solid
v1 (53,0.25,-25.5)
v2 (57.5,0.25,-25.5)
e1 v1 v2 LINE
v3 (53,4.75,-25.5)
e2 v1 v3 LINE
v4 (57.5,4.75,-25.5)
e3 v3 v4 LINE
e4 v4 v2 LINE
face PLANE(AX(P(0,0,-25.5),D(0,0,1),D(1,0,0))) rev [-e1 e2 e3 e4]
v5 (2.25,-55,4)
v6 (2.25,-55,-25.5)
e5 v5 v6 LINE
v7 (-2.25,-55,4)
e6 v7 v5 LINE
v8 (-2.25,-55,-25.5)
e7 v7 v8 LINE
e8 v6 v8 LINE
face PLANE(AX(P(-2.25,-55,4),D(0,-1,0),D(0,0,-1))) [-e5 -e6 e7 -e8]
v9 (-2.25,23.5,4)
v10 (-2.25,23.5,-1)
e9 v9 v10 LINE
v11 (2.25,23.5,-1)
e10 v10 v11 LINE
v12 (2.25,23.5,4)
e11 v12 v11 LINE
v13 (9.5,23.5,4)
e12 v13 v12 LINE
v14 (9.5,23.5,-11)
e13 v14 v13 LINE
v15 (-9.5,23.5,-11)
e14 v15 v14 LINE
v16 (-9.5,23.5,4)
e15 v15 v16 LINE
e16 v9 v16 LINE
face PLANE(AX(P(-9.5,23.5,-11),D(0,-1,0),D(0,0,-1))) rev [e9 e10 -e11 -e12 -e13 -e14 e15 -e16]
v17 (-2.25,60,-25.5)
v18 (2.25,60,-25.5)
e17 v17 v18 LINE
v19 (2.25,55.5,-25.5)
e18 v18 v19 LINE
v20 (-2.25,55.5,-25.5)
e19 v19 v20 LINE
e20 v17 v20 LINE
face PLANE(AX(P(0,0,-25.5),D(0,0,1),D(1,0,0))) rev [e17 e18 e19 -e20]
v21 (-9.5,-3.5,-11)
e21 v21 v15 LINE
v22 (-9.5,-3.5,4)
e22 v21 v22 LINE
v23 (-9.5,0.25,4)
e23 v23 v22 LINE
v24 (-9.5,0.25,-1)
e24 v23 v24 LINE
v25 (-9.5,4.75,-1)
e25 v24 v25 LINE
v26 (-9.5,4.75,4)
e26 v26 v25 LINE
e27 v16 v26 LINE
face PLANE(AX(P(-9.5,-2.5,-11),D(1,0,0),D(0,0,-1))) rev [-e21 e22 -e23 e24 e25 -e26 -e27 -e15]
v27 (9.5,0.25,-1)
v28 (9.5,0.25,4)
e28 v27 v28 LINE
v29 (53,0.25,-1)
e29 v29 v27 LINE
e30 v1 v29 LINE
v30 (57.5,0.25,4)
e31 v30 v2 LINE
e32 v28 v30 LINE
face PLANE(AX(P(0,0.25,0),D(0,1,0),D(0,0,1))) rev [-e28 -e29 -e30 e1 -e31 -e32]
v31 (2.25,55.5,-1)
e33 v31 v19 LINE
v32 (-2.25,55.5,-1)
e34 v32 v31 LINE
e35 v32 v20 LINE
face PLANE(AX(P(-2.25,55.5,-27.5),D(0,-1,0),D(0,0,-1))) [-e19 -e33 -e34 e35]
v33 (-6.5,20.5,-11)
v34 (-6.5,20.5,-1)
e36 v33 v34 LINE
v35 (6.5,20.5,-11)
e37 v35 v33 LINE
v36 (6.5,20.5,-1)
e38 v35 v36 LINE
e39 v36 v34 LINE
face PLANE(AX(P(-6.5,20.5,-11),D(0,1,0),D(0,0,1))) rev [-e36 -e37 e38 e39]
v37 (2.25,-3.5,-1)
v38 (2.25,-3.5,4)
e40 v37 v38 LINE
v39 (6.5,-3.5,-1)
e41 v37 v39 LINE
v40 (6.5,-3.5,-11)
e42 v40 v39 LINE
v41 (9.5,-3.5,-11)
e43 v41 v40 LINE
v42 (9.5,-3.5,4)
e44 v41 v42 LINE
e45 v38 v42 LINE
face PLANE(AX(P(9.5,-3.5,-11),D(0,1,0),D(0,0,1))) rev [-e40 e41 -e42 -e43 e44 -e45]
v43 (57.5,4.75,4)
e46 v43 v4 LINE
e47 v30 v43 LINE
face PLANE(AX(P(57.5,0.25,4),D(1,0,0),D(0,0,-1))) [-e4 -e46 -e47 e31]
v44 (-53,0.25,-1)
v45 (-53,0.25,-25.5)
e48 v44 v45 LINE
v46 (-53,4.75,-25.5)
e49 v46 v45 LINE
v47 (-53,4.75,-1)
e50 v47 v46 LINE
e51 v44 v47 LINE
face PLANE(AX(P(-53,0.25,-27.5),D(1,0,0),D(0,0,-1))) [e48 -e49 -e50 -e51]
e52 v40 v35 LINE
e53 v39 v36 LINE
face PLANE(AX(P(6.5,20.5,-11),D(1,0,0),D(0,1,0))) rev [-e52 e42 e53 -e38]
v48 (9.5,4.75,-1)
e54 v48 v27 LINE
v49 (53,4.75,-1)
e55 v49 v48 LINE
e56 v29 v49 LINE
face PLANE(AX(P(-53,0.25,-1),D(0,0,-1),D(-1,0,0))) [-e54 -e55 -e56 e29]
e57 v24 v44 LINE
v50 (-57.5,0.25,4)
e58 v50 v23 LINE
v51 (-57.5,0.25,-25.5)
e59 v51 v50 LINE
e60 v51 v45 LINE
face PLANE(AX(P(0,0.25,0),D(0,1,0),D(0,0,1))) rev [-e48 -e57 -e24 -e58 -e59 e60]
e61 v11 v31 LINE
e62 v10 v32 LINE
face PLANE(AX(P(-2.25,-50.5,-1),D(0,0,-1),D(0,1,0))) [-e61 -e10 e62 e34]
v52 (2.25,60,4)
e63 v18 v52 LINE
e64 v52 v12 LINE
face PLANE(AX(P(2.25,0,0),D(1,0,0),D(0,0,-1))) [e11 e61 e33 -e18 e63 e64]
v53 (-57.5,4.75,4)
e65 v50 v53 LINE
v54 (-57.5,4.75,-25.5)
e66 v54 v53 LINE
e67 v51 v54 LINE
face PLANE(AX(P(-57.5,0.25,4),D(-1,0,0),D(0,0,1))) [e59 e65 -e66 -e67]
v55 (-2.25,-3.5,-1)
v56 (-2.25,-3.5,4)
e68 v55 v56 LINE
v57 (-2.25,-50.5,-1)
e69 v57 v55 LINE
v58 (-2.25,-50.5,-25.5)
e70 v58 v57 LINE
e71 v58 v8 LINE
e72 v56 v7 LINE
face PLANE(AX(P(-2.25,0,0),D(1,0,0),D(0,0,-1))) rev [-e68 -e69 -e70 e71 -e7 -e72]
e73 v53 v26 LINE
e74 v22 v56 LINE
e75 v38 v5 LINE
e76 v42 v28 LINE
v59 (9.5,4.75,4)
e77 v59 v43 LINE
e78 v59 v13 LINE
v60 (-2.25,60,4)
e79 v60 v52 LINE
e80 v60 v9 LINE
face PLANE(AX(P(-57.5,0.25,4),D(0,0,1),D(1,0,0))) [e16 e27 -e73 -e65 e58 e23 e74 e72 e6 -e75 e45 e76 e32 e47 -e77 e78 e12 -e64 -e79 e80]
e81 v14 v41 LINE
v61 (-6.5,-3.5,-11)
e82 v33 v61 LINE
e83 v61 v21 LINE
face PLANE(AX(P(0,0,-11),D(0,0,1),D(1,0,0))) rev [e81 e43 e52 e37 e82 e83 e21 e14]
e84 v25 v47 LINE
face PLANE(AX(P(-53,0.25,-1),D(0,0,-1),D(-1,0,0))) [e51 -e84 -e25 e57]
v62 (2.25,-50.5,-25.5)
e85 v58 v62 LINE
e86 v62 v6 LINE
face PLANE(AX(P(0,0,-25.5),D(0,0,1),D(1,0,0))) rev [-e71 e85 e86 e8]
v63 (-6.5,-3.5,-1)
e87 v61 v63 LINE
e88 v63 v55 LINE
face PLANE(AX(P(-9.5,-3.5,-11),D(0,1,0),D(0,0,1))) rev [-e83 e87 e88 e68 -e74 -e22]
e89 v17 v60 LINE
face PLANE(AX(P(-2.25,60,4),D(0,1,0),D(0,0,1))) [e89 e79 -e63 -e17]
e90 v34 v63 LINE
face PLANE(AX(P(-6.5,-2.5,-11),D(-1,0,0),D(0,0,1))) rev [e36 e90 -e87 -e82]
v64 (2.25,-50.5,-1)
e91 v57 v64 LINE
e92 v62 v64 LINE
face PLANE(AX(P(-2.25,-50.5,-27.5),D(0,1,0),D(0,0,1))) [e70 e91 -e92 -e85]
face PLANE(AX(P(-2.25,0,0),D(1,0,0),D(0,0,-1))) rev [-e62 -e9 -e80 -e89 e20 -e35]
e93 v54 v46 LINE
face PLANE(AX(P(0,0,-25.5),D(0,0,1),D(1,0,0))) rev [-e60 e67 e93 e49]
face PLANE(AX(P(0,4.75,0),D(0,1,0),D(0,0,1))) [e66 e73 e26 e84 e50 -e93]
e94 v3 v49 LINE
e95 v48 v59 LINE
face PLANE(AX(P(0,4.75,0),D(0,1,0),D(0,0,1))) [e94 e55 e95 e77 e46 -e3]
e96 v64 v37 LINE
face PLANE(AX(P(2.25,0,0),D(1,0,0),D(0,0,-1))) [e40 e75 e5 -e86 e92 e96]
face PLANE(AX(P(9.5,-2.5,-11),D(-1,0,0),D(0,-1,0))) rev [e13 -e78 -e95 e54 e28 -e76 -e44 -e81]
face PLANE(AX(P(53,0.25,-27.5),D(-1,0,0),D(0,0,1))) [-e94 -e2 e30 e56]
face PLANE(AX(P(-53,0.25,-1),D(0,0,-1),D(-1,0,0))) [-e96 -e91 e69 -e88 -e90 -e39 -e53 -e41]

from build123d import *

# Parameters (mm, degrees)
BOSS_EXTRUDE7_DEPTH       = 2.25
BOSS_EXTRUDE7_DEPTH_BACK  = 2.25
BOSS_EXTRUDE10_DEPTH      = 10
BOSS_EXTRUDE12_DEPTH      = 2.25
BOSS_EXTRUDE12_DEPTH_BACK = 2.25
SKETCH11_W                = 19
SKETCH11_H                = 27
BOSS_EXTRUDE13_DEPTH      = 5
SKETCH12_W                = 148.824805779
SKETCH12_H                = 155.89300236
CUT_EXTRUDE1_DEPTH        = 2


with BuildPart() as part:
    # Sketch8 → Boss-Extrude7 (new body, two sides)
    with BuildSketch(Plane(origin=(0, 2.5, 0), x_dir=(1, 0, 0), z_dir=(0, 1, 0))) as boss_extrude7_sk:
        Polygon((-57.5, -4), (57.5, -4), (57.5, 27.5), (53, 27.5), (53, 1), (-53, 1), (-53, 27.5), (-57.5, 27.5), align=None)
    extrude(amount=BOSS_EXTRUDE7_DEPTH)
    extrude(boss_extrude7_sk.sketch, amount=-BOSS_EXTRUDE7_DEPTH_BACK)

    # Sketch10 → Boss-Extrude10 (add)
    with BuildSketch(Plane(origin=(0, 0, -1), x_dir=(-1, 0, 0), z_dir=(0, 0, -1))):
        Polygon((6.5, 20.5), (-6.5, 20.5), (-6.5, -2.5), (-6.5, -3.5), (-9.5, -3.5), (-9.5, -2.5), (-9.5, 23.5), (9.5, 23.5), (9.5, -2.5), (9.5, -3.5), (6.5, -3.5), (6.5, -2.5), align=None)
    extrude(amount=BOSS_EXTRUDE10_DEPTH)

    # Sketch6 → Boss-Extrude12 (add, two sides)
    with BuildSketch(Plane(origin=(0, 0, 0), x_dir=(0, 0, -1), z_dir=(1, 0, 0))) as boss_extrude12_sk:
        Polygon((27.5, 55.5), (1, 55.5), (1, -50.5), (27.5, -50.5), (27.5, -55), (-4, -55), (-4, 60), (27.5, 60), align=None)
    extrude(amount=BOSS_EXTRUDE12_DEPTH)
    extrude(boss_extrude12_sk.sketch, amount=-BOSS_EXTRUDE12_DEPTH_BACK)

    # Sketch11 → Boss-Extrude13 (add)
    with BuildSketch(Plane.XY.offset(-1)):
        with Locations((0, 10)):
            Rectangle(SKETCH11_W, SKETCH11_H)
    extrude(amount=BOSS_EXTRUDE13_DEPTH)

    # Sketch12 → Cut-Extrude1 (cut)
    with BuildSketch(Plane(origin=(0, 0, -27.5), x_dir=(-1, 0, 0), z_dir=(0, 0, -1))):
        with Locations((-7.264535374, 8.488333214)):
            Rectangle(SKETCH12_W, SKETCH12_H)
    extrude(amount=-CUT_EXTRUDE1_DEPTH, mode=Mode.SUBTRACT)


solid = part.part
